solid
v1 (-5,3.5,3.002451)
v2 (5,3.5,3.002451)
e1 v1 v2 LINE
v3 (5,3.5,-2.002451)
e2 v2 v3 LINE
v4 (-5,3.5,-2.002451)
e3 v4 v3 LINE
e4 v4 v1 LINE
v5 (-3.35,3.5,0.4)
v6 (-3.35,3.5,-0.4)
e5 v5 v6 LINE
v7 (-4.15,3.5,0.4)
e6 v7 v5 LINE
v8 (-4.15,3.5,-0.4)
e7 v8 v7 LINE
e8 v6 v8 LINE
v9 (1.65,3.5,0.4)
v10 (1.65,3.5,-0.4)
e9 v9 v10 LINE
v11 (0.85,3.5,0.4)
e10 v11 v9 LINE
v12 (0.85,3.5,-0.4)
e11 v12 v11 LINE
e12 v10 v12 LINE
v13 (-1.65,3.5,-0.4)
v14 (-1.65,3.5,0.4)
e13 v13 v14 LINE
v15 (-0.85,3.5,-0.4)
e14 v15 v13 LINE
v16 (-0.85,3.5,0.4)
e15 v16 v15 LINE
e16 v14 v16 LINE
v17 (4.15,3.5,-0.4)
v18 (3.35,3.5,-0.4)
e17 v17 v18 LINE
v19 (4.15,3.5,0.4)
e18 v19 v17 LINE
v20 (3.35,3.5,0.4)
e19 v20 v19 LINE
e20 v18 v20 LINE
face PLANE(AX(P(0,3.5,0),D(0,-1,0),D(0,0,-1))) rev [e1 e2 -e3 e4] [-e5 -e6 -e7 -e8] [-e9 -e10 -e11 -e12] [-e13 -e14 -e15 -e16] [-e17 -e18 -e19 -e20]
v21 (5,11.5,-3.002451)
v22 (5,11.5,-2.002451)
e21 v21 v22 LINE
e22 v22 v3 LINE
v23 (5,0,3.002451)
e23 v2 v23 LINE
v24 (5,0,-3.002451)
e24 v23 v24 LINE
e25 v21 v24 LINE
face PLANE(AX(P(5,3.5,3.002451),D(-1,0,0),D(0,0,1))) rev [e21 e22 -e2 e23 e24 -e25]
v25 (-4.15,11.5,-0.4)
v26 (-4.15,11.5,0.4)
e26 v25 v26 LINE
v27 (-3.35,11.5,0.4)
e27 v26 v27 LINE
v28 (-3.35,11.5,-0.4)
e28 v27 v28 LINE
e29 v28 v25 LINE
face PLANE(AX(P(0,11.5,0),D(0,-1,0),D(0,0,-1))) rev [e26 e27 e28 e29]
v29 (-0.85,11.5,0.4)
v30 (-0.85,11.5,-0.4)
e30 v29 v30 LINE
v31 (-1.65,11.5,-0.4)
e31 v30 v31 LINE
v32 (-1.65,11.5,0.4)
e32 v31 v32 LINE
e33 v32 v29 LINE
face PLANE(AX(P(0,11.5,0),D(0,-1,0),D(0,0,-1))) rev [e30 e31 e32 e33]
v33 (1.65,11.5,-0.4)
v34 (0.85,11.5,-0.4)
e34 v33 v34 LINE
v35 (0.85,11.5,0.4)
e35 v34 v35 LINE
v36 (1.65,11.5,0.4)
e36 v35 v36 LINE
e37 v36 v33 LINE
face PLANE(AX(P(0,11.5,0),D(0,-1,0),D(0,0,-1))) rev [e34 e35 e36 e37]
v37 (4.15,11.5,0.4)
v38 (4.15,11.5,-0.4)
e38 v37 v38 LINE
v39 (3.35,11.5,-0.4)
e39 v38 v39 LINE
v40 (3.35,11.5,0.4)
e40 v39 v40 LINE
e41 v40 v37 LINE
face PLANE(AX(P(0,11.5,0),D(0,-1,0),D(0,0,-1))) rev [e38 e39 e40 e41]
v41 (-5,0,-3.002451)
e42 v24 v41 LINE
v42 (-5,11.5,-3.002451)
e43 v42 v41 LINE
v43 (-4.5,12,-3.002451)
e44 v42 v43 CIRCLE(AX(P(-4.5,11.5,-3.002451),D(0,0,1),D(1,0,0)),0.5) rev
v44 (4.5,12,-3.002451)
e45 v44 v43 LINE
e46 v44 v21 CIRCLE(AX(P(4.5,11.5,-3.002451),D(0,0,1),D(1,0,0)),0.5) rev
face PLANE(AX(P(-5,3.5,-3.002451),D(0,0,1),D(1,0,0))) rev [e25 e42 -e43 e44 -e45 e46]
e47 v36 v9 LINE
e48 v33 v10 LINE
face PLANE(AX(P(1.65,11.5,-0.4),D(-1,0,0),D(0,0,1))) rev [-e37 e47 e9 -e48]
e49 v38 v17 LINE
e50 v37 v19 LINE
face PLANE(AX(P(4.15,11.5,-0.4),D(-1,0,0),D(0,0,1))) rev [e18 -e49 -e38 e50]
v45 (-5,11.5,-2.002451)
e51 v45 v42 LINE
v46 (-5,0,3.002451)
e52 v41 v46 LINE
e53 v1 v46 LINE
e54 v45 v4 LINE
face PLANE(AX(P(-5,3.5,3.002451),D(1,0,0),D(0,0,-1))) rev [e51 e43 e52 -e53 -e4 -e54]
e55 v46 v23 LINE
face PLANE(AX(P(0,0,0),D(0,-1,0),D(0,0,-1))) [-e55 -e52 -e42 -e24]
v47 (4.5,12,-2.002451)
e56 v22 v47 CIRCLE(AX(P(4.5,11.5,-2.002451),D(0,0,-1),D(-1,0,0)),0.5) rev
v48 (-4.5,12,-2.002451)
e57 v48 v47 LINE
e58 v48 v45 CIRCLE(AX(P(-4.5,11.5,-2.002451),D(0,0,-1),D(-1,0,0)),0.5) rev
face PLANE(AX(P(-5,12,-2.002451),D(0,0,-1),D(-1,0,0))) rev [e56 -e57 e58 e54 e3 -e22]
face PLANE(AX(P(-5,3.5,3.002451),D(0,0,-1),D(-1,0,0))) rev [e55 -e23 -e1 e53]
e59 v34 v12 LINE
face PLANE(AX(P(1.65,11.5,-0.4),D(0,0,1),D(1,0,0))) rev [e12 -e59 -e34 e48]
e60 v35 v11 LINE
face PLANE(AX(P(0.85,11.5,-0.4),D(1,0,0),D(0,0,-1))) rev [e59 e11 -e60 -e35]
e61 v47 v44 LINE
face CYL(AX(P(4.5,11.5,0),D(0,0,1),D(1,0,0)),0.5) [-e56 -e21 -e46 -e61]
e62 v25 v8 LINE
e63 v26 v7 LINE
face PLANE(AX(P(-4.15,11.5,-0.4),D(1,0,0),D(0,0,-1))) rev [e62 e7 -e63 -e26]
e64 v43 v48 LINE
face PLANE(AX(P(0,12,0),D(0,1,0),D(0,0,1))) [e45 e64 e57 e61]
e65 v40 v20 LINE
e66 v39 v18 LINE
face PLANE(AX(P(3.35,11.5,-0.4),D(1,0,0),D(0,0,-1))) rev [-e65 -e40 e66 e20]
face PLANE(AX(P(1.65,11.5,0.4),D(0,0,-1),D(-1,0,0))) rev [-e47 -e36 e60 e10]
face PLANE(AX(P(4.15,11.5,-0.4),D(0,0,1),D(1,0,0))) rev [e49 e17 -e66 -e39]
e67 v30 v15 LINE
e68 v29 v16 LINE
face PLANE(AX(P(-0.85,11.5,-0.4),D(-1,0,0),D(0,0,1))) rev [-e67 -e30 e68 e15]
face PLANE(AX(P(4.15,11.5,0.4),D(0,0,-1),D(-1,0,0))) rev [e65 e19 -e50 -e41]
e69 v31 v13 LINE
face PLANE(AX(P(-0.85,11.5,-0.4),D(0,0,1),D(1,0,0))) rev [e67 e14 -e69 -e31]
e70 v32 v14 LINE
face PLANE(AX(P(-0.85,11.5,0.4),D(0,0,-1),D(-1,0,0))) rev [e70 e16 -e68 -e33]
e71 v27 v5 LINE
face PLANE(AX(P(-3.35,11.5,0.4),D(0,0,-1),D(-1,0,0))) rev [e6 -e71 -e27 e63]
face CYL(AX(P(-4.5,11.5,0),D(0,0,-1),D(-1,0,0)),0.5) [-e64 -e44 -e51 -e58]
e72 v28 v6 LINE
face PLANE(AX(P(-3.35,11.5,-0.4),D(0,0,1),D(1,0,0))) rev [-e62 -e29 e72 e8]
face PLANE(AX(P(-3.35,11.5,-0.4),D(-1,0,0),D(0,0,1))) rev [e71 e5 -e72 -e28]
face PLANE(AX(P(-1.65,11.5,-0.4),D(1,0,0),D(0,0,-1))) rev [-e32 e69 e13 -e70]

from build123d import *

# Parameters (mm, degrees)
ESBO_O1_W                = 10
ESBO_O1_H                = 6.00490196
RESSALTO_EXTRUS_O1_DEPTH = 3.5
ESBO_O2_W                = 10
ESBO_O2_H                = 1
RESSALTO_EXTRUS_O2_DEPTH = 8.5
ESBO_O3_W                = 0.8
ESBO_O3_H                = 0.8
RESSALTO_EXTRUS_O3_DEPTH = 8
FILETE1_R                = 0.5


with BuildPart() as part:
    # Esboço1 → Ressalto-extrusão1 (new body)
    with BuildSketch(Plane(origin=(0, 0, 0), x_dir=(1, 0, 0), z_dir=(0, 1, 0))):
        Rectangle(ESBO_O1_W, ESBO_O1_H)
    extrude(amount=RESSALTO_EXTRUS_O1_DEPTH)

    # Esboço2 → Ressalto-extrusão2 (add)
    with BuildSketch(Plane(origin=(0, 3.5, 0), x_dir=(1, 0, 0), z_dir=(0, 1, 0))):
        with Locations((0, 2.50245098)):
            Rectangle(ESBO_O2_W, ESBO_O2_H)
    extrude(amount=RESSALTO_EXTRUS_O2_DEPTH)

    # Esboço3 → Ressalto-extrusão3 (add)
    with BuildSketch(Plane(origin=(0, 3.5, 0), x_dir=(1, 0, 0), z_dir=(0, 1, 0))):
        with Locations((-3.75, 0)):
            Rectangle(ESBO_O3_W, ESBO_O3_H)
        with Locations((-1.25, 0)):
            Rectangle(ESBO_O3_W, ESBO_O3_H)
        with Locations((1.25, 0)):
            Rectangle(ESBO_O3_W, ESBO_O3_H)
        with Locations((3.75, 0)):
            Rectangle(ESBO_O3_W, ESBO_O3_H)
    extrude(amount=RESSALTO_EXTRUS_O3_DEPTH)

    # Filete1
    filete1_edges = [part.edges().sort_by_distance(p)[0] for p in [
        (-5, 12, -2.50245098),
        (5, 12, -2.50245098),
    ]]
    fillet(filete1_edges, radius=FILETE1_R)


solid = part.part
